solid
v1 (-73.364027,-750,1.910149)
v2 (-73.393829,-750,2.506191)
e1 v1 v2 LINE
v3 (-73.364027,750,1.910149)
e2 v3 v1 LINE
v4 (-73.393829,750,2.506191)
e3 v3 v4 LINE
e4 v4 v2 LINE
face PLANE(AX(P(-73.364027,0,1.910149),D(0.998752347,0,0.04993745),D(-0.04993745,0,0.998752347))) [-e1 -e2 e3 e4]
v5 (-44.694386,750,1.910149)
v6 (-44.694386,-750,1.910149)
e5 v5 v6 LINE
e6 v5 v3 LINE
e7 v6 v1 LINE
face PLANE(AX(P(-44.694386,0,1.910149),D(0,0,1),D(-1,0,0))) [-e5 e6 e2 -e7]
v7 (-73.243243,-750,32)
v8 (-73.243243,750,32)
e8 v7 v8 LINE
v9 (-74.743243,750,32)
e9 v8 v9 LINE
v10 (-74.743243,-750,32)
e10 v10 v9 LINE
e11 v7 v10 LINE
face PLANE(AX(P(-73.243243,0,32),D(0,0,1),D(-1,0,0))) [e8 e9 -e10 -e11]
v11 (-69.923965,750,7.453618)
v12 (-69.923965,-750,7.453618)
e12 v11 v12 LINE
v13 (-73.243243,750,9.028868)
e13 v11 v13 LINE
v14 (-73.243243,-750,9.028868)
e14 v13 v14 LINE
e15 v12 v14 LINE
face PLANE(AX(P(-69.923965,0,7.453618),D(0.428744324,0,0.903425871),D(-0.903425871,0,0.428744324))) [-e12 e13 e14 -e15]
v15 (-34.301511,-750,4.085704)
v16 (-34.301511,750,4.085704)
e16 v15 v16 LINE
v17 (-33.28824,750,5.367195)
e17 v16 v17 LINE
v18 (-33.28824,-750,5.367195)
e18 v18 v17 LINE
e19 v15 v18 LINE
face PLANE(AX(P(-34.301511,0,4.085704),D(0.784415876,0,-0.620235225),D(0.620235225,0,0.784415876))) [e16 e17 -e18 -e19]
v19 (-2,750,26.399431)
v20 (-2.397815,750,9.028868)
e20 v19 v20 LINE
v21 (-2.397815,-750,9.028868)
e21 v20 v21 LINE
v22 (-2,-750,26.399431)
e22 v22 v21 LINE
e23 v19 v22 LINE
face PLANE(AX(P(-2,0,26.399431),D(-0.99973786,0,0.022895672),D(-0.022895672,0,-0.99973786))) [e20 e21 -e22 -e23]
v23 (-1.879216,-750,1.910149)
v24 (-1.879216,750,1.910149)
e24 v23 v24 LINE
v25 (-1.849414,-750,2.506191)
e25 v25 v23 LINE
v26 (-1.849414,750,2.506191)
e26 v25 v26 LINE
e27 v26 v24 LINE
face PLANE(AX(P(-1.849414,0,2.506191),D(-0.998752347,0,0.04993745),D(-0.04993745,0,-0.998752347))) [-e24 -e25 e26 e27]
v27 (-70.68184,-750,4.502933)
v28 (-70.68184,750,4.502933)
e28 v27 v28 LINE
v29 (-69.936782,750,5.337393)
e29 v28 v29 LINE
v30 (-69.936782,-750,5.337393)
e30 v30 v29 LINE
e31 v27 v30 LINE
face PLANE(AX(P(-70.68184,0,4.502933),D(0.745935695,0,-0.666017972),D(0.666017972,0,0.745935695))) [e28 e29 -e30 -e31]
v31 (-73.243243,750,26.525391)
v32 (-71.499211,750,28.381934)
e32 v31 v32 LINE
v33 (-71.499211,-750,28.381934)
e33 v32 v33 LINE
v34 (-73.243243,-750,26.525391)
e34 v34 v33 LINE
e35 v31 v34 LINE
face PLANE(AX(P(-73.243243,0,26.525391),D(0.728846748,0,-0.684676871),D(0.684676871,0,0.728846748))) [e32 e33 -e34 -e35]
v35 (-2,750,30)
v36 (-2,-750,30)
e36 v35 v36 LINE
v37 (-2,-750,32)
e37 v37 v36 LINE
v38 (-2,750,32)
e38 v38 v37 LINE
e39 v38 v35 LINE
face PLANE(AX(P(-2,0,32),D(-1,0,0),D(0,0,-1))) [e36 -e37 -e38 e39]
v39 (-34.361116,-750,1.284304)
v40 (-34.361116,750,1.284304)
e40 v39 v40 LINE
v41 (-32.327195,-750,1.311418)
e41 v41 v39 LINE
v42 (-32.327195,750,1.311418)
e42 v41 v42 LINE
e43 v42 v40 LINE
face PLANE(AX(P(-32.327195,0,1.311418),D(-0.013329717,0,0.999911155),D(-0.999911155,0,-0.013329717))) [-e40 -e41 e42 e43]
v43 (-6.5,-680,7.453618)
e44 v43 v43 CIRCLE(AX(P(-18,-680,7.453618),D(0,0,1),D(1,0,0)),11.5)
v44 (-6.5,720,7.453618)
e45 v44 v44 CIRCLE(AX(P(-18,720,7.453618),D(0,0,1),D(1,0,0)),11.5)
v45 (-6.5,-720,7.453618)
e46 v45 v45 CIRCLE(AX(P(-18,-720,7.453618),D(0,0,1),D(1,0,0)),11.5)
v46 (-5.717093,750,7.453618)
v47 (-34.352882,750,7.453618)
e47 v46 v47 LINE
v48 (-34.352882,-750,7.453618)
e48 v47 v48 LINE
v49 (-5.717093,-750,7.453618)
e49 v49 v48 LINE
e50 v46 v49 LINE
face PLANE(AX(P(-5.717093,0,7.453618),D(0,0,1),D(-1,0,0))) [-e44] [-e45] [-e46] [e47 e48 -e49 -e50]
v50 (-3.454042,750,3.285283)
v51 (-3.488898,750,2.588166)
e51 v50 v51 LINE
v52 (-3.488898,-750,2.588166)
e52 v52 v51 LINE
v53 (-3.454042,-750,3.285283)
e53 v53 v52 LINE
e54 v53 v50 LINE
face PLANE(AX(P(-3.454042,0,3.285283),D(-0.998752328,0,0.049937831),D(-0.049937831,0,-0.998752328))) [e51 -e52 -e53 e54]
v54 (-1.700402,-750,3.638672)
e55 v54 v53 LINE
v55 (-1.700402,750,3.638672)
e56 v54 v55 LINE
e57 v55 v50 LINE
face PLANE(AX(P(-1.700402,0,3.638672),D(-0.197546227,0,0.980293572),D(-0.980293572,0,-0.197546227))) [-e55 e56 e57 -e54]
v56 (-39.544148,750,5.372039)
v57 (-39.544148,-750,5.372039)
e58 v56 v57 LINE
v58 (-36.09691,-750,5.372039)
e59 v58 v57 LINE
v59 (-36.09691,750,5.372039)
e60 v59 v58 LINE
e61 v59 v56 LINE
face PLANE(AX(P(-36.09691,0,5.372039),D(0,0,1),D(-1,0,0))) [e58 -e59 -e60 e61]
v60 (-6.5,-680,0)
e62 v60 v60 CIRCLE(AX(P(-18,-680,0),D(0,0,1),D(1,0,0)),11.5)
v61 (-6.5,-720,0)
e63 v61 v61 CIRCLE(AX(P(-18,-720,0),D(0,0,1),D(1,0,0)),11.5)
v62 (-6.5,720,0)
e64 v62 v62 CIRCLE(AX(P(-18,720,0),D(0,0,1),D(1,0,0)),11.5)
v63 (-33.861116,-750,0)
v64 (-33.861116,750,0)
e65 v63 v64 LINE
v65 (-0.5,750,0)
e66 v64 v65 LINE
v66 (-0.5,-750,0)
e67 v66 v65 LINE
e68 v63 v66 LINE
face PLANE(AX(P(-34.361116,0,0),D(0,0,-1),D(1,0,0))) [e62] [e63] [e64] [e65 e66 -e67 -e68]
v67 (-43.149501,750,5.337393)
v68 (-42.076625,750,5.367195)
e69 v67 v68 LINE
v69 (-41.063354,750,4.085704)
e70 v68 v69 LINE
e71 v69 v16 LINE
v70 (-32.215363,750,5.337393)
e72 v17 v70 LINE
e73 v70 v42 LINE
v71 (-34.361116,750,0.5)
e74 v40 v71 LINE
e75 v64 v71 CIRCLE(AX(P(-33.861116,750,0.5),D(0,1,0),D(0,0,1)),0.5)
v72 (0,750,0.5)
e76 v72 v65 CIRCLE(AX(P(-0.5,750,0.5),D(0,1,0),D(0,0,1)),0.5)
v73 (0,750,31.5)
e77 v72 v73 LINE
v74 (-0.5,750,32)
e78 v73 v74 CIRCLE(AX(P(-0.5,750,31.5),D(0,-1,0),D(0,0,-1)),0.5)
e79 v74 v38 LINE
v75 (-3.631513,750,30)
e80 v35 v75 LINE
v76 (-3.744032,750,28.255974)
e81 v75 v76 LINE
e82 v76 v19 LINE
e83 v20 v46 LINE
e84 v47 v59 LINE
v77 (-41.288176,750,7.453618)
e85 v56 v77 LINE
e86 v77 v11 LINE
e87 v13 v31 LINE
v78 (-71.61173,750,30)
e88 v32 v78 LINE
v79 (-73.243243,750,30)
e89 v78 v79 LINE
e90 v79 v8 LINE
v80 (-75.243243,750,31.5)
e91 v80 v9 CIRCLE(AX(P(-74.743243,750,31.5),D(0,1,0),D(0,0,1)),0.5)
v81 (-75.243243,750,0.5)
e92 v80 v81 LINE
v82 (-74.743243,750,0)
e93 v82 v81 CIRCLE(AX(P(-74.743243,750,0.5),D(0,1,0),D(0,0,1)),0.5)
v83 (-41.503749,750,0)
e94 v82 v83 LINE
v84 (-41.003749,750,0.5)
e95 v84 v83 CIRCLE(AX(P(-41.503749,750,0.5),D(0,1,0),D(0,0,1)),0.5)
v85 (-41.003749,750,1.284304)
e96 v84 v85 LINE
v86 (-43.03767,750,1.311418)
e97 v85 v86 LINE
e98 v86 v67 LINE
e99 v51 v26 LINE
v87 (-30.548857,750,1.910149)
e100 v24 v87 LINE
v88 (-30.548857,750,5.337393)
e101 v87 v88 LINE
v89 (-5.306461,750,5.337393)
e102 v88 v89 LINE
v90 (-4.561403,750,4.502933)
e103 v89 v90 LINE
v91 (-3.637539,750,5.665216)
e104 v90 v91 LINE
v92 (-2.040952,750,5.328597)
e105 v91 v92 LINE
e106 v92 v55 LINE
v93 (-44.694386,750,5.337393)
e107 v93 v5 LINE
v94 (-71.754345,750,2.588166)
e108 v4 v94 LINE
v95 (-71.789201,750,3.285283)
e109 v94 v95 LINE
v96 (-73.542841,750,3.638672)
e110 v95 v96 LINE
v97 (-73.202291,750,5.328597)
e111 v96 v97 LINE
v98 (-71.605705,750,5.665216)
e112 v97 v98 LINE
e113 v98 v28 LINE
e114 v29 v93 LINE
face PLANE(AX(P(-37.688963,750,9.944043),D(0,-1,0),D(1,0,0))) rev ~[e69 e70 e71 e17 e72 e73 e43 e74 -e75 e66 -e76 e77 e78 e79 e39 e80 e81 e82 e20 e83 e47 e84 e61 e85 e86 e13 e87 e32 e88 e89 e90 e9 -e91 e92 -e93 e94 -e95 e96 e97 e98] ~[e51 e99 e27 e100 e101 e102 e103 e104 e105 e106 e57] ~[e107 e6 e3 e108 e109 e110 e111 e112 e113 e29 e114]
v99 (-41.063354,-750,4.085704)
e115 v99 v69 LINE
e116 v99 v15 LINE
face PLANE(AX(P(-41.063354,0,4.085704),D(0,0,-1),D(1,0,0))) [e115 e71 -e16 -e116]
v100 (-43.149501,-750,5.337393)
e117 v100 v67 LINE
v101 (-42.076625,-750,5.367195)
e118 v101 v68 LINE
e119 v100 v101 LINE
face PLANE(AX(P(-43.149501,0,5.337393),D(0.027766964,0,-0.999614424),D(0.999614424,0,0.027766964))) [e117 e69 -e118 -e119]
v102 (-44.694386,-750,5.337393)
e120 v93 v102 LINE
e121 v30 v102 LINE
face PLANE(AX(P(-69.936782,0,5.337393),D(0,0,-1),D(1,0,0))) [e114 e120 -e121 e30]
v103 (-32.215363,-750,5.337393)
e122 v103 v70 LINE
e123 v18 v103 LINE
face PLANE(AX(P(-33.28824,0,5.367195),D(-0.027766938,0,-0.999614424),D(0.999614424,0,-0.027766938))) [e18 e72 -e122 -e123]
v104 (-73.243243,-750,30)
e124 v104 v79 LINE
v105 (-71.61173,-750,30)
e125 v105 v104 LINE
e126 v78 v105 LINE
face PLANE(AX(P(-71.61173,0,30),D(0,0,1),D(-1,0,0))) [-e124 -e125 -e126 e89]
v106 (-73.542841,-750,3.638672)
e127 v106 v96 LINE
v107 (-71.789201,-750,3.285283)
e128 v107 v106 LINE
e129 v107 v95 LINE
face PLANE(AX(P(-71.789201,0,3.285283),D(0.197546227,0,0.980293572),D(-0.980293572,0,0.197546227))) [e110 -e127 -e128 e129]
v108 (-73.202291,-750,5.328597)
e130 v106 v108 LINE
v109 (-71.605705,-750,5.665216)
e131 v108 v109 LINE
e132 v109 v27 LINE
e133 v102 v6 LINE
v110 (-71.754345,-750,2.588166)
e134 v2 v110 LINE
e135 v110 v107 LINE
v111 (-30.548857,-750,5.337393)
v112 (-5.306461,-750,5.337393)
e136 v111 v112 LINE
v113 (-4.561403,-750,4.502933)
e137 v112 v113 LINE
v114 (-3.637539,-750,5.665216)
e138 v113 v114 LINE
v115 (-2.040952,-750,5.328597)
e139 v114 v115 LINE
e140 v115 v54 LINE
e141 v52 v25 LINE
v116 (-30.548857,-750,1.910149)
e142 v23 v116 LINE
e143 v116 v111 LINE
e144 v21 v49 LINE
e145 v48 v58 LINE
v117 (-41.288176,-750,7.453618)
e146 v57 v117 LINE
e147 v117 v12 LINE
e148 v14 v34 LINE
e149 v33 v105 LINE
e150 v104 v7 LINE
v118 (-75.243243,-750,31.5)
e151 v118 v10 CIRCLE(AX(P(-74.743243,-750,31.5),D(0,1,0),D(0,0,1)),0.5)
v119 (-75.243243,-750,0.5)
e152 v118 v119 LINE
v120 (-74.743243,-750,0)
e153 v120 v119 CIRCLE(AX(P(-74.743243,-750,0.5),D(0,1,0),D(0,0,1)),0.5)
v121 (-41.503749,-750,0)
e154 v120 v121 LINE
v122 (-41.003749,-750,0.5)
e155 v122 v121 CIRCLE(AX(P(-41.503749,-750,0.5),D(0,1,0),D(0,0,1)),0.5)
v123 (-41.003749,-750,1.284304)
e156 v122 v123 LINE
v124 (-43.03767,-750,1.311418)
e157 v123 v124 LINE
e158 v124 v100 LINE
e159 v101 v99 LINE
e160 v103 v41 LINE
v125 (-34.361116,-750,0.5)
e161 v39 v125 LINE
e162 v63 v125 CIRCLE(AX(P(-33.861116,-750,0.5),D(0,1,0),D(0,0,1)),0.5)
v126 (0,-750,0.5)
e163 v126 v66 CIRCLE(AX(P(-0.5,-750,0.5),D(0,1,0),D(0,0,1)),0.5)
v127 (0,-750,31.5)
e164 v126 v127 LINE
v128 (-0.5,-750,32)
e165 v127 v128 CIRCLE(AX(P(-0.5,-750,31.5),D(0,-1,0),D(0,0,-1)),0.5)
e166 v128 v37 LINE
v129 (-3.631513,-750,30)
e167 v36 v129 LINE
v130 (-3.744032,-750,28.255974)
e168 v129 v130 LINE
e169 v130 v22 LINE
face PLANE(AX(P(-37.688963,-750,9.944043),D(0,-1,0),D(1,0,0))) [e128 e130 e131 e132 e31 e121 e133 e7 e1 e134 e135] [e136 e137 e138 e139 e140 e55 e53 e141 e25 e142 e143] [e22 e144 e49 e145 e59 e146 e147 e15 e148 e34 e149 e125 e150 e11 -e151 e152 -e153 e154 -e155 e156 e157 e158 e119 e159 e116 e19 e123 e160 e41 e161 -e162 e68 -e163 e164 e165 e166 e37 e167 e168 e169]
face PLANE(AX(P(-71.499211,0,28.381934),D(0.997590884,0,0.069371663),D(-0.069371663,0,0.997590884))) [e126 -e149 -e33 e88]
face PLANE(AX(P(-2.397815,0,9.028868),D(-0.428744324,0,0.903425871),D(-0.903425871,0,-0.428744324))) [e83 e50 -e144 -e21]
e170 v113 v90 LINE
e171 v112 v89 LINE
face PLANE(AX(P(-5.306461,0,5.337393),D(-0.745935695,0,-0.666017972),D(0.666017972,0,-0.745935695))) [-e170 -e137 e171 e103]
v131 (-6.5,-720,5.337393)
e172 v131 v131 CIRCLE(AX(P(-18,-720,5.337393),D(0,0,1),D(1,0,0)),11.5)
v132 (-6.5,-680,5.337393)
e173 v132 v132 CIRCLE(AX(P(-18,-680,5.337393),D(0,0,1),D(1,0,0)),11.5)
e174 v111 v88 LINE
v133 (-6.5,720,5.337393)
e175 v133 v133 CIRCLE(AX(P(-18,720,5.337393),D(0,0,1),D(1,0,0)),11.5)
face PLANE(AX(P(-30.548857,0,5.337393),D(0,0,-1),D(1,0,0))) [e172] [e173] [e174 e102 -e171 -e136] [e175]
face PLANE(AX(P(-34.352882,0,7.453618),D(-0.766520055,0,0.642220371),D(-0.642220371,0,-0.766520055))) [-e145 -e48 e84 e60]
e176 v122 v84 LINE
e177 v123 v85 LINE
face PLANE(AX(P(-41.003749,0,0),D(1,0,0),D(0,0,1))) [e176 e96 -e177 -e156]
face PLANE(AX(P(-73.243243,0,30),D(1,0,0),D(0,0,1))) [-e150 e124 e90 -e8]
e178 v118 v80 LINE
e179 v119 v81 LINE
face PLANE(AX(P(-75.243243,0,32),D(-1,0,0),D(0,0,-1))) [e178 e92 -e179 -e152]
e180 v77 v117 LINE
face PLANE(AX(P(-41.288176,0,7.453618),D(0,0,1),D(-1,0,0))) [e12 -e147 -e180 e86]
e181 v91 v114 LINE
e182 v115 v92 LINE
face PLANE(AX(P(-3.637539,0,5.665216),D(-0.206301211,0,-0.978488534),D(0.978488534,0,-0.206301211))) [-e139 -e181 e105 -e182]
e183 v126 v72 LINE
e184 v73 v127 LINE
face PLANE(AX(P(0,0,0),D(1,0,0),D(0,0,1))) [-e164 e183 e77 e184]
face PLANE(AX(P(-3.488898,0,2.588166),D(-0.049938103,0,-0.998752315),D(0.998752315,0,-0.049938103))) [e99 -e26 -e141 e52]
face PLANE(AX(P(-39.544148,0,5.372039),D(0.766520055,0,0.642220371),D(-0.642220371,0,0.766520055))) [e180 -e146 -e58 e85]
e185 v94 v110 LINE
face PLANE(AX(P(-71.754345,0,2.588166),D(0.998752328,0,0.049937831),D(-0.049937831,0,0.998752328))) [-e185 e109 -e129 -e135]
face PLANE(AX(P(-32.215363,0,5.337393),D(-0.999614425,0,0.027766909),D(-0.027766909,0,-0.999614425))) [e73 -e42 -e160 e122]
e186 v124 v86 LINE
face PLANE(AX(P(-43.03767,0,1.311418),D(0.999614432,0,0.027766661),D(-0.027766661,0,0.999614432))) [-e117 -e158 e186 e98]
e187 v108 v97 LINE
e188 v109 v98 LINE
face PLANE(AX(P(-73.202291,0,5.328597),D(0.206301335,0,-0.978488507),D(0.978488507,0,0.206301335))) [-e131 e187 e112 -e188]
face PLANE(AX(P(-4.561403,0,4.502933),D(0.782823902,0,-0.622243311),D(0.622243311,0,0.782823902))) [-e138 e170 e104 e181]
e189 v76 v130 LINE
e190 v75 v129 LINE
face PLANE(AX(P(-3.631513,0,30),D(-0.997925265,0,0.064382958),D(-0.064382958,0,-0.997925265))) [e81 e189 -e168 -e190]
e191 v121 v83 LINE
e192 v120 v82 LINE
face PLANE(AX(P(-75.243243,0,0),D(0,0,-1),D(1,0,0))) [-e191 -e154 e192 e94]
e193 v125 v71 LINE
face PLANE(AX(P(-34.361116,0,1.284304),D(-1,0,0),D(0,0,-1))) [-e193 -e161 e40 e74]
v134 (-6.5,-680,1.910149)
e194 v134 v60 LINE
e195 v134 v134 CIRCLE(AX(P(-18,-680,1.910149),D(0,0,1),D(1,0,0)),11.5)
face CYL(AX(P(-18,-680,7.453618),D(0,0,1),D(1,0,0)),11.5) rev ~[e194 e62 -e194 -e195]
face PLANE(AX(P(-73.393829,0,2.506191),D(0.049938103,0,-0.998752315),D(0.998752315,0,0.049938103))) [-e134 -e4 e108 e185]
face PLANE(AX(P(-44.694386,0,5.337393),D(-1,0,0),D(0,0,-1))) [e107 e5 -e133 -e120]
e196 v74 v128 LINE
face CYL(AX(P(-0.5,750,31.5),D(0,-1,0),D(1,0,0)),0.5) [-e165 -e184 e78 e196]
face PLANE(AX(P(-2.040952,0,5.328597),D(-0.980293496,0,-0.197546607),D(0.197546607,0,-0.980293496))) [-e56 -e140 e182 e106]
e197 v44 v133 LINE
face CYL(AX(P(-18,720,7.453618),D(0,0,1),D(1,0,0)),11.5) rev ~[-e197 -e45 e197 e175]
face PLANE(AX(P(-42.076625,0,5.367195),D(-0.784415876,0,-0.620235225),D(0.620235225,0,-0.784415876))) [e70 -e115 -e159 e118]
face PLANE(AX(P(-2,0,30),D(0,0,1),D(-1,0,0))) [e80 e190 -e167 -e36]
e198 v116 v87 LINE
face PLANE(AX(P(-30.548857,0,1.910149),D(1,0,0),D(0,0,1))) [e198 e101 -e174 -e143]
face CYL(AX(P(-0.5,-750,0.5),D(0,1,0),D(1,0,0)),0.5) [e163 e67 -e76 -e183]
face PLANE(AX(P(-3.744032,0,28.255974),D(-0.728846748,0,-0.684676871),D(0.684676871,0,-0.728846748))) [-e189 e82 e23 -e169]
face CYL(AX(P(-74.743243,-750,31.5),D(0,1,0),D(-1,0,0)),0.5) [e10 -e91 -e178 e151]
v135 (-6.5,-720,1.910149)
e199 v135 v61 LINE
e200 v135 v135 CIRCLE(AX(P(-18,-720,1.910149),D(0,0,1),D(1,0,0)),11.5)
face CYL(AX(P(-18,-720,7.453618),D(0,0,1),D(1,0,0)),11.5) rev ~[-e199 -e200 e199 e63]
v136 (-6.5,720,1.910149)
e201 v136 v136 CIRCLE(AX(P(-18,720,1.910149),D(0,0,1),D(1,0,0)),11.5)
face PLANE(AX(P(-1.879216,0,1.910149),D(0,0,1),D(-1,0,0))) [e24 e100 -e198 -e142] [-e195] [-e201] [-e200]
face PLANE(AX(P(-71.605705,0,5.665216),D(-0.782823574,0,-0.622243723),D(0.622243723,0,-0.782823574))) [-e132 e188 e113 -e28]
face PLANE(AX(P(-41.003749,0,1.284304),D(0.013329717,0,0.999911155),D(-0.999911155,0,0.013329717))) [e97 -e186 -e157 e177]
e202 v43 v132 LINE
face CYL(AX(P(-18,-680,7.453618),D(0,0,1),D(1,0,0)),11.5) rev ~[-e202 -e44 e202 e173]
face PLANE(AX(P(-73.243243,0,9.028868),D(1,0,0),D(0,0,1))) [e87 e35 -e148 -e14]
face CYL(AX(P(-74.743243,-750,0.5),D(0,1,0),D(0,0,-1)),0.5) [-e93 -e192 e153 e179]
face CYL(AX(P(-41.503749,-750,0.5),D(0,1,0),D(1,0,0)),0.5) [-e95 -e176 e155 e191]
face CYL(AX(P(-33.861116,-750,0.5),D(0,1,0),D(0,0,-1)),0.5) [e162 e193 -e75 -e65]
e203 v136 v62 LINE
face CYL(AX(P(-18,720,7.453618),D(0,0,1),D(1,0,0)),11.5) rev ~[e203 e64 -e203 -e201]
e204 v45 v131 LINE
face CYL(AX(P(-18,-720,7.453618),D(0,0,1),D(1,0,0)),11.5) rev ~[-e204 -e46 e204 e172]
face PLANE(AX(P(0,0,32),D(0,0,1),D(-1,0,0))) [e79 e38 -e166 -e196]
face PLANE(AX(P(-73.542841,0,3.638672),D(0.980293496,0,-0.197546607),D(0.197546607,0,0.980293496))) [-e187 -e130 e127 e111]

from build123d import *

# Parameters (mm, degrees)
F1_DEPTH = 750
F2_R     = 0.5
F3_R     = 11.5
F4_DEPTH = 25.4


with BuildPart() as f1:
    # F0 (on Front) → F1 (new body, symmetric)
    with BuildSketch(Plane.XZ):
        Polygon((-0.121622, 0), (0, 0), (0, 32), (-2, 32), (-2, 30), (-3.631513, 30), (-3.744032, 28.255974), (-2, 26.399431), (-2.397815, 9.028868), (-5.717093, 7.453618), (-34.352882, 7.453618), (-36.09691, 5.372039), (-39.544148, 5.372039), (-41.288176, 7.453618), (-69.923965, 7.453618), (-73.243243, 9.028868), (-73.243243, 26.525391), (-71.499211, 28.381934), (-71.61173, 30), (-73.243243, 30), (-73.243243, 32), (-75.243243, 32), (-75.243243, 0), (-41.003749, 0), (-41.003749, 1.284304), (-43.03767, 1.311418), (-43.149501, 5.337393), (-42.076625, 5.367195), (-41.063354, 4.085704), (-37.743243, 4.085704), (-34.301511, 4.085704), (-33.28824, 5.367195), (-32.215363, 5.337393), (-32.327195, 1.311418), (-34.361116, 1.284304), (-34.361116, 0), align=None)
        Polygon((-44.694386, 5.337393), (-44.694386, 1.910149), (-73.364027, 1.910149), (-73.393829, 2.506191), (-71.754345, 2.588166), (-71.789201, 3.285283), (-73.542841, 3.638672), (-73.202291, 5.328597), (-71.605705, 5.665216), (-70.68184, 4.502933), (-69.936782, 5.337393), align=None, mode=Mode.SUBTRACT)
        Polygon((-3.637539, 5.665216), (-2.040952, 5.328597), (-1.700402, 3.638672), (-3.454042, 3.285283), (-3.488898, 2.588166), (-1.849414, 2.506191), (-1.879216, 1.910149), (-30.548857, 1.910149), (-30.548857, 5.337393), (-5.306461, 5.337393), (-4.561403, 4.502933), align=None, mode=Mode.SUBTRACT)
    extrude(amount=F1_DEPTH, both=True)

    # F2
    f2_edges = [f1.edges().sort_by_distance(p)[0] for p in [
        (-75.243243, 0, 32),
        (0, 0, 32),
        (0, 0, 0),
        (-75.243243, 0, 0),
        (-41.003749, 0, 0),
        (-34.361116, 0, 0),
    ]]
    fillet(f2_edges, radius=F2_R)

    # F3 (on face) → F4 (cut)
    with BuildSketch(Plane.XY.offset(7.453618)):
        with Locations((-18, -720)):
            Circle(F3_R)
        with Locations((-18, -680)):
            Circle(F3_R)
        with Locations((-18, 720)):
            Circle(F3_R)
    extrude(amount=-F4_DEPTH, mode=Mode.SUBTRACT)


solid = f1.part
